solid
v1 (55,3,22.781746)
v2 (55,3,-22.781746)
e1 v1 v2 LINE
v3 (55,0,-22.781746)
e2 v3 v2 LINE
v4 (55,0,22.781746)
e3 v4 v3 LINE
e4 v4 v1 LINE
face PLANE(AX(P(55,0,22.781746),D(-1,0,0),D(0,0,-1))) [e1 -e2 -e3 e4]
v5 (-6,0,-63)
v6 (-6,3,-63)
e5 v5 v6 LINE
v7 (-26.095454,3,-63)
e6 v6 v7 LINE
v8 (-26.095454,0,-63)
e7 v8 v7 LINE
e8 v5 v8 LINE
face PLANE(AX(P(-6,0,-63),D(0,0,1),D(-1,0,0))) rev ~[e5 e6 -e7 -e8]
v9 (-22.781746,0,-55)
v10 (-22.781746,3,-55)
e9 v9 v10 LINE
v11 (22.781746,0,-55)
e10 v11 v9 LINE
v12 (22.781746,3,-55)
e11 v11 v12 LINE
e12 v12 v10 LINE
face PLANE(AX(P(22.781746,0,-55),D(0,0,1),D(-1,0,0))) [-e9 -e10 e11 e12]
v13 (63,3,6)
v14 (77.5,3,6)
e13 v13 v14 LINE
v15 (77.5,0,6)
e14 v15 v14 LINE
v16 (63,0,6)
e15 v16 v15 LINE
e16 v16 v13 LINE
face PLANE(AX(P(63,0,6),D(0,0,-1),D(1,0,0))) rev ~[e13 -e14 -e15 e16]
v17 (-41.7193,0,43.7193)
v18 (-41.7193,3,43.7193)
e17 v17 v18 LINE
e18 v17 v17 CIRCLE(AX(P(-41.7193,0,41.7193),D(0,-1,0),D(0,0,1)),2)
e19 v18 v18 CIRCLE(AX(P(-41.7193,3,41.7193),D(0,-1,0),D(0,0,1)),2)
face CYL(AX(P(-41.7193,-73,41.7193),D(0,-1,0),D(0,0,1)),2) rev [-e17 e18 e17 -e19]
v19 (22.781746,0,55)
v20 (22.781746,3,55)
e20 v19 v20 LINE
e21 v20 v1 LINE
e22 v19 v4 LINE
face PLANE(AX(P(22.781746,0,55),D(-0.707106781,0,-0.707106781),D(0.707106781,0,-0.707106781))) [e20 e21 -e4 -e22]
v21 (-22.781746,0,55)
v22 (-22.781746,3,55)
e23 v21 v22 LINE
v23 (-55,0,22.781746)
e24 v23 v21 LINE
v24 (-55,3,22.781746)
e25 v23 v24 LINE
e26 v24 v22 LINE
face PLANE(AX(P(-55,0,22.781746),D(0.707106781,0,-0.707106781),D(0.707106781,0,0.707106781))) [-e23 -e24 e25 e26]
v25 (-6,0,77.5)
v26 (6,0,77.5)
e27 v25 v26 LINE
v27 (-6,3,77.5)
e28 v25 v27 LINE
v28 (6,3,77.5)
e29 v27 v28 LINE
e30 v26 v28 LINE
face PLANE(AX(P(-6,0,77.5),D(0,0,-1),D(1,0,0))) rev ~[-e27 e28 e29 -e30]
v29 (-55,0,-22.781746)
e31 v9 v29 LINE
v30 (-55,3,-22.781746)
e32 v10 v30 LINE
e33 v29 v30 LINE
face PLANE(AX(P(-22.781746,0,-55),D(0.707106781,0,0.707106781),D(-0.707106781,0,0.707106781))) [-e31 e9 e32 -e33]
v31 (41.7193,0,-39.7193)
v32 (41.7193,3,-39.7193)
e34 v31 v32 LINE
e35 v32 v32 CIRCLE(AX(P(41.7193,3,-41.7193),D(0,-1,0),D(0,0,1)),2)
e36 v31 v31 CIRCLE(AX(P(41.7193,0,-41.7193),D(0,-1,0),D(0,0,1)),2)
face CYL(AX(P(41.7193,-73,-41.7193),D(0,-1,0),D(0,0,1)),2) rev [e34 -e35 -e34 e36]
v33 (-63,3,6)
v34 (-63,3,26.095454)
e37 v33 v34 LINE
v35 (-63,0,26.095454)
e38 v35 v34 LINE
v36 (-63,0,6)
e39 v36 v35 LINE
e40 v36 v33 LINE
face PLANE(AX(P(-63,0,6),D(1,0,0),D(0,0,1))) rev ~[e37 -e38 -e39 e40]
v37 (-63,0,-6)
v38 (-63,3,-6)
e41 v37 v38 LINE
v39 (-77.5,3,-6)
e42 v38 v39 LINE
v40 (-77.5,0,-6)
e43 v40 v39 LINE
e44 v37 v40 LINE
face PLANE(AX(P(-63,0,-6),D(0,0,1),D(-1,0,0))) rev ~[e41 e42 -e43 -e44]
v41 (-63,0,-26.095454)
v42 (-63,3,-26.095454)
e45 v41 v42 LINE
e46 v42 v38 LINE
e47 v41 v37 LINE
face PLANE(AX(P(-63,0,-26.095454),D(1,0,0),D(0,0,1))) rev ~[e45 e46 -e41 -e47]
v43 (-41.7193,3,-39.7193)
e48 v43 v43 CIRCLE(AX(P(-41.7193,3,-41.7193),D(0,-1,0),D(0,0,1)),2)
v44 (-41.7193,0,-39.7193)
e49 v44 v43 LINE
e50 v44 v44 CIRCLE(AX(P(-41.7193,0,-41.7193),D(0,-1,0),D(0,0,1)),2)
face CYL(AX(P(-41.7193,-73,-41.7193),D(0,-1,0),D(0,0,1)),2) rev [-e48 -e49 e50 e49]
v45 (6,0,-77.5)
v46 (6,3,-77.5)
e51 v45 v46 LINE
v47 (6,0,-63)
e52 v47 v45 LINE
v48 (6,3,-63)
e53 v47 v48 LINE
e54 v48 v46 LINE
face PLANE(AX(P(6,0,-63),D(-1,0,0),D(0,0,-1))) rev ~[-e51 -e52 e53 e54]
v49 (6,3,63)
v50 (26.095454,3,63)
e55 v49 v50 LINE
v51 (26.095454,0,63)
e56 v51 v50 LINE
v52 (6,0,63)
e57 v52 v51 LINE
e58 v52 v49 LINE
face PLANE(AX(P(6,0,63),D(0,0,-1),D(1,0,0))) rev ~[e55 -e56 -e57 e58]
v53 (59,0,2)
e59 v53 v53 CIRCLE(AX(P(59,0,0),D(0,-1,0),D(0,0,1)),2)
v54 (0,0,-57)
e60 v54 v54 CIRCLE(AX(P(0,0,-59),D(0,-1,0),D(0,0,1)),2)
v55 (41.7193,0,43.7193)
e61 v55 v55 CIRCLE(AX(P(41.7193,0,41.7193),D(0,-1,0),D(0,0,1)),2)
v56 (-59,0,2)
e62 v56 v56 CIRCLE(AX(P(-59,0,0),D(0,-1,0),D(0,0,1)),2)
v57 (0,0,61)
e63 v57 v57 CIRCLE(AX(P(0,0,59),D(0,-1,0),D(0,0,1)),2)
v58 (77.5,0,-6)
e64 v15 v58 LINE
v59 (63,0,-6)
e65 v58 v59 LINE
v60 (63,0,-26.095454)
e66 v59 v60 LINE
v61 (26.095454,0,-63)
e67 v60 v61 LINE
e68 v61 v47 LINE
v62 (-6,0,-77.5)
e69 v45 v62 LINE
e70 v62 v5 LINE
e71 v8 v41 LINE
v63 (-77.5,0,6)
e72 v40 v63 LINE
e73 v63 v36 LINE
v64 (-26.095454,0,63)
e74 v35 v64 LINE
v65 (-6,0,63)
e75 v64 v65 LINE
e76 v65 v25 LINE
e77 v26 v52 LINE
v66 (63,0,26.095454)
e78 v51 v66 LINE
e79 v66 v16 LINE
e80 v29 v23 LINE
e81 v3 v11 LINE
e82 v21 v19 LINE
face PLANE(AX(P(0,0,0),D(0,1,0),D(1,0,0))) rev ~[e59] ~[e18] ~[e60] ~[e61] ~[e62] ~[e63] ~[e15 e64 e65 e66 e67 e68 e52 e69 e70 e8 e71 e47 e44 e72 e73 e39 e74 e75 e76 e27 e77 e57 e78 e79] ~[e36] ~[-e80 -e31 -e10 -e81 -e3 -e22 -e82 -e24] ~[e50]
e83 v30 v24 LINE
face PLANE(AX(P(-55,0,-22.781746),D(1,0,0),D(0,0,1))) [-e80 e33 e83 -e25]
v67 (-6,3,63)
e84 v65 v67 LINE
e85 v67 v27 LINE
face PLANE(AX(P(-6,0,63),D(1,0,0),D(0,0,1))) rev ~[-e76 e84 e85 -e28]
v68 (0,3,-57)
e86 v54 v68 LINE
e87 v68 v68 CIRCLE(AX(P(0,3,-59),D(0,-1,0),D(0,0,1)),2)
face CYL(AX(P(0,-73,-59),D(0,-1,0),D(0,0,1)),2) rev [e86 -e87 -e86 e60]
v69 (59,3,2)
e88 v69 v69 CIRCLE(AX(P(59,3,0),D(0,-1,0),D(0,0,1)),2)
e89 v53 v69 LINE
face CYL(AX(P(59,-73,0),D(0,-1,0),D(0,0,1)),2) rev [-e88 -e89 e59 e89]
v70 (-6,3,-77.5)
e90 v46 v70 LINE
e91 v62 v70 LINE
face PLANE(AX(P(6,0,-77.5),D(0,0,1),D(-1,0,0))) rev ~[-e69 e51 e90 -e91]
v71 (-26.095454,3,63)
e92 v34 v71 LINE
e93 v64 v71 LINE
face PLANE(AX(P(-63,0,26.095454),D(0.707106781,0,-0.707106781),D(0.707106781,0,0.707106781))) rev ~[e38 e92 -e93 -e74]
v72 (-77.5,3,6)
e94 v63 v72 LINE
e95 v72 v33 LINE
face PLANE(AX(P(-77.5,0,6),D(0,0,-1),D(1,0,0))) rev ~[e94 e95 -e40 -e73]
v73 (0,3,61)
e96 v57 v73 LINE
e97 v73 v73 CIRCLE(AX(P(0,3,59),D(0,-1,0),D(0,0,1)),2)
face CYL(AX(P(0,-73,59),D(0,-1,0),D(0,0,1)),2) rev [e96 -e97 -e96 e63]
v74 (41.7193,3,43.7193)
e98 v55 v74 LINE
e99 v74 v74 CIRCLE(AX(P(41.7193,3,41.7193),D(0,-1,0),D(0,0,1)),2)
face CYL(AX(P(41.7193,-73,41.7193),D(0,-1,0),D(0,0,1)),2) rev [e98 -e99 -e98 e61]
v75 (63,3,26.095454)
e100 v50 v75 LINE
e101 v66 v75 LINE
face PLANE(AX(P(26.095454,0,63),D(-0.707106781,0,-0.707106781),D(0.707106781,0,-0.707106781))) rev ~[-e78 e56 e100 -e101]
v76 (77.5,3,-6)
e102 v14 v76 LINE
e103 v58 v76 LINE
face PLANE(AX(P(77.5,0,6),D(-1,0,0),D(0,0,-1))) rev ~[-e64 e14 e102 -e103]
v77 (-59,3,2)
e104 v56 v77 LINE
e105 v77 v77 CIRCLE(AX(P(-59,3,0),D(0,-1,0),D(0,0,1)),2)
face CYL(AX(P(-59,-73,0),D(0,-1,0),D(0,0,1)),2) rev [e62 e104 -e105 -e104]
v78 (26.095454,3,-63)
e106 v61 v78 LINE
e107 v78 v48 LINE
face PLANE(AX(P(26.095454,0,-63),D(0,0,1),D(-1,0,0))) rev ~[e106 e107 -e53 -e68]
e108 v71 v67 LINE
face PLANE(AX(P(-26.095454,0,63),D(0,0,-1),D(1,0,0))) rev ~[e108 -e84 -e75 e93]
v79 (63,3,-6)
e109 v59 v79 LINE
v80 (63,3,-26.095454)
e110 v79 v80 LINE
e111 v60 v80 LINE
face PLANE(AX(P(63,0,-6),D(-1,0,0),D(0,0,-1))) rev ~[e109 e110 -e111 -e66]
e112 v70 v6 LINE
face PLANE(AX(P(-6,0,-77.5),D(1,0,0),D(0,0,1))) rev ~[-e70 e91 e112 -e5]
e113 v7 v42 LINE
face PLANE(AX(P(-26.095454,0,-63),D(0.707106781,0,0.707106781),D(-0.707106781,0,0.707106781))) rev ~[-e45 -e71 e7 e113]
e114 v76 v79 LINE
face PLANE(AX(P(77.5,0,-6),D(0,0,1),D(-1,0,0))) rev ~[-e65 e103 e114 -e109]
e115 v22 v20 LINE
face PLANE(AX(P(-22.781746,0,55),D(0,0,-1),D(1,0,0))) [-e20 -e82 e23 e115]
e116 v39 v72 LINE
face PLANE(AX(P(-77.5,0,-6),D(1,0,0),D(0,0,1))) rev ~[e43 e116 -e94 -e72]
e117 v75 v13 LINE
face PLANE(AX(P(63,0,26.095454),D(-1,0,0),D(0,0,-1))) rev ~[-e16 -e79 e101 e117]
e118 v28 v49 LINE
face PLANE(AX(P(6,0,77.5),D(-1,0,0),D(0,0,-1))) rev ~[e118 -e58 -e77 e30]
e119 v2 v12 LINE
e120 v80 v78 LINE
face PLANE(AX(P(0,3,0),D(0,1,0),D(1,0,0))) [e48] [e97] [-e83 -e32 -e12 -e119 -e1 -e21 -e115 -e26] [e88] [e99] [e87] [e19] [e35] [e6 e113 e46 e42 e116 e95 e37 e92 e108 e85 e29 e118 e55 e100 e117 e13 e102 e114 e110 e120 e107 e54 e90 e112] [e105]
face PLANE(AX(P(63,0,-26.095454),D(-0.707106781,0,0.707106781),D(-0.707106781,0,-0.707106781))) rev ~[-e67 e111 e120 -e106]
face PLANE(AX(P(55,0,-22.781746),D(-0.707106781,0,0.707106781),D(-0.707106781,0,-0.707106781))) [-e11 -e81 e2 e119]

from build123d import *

# Parameters (mm, degrees)
BOSS_EXTRUDE1_DEPTH     = 3
CUT_EXTRUDE1_DEPTH      = 84
CUT_EXTRUDE1_DEPTH_BACK = 76
SKETCH3_R               = 2


with BuildPart() as part:
    # Sketch2 → Boss-Extrude1 (new body)
    with BuildSketch(Plane(origin=(0, 0, 0), x_dir=(1, 0, 0), z_dir=(0, 1, 0))):
        Polygon((6, -77.5), (6, -63), (26.09545443, -63), (63, -26.09545443), (63, -6), (77.5, -6), (77.5, 6), (63, 6), (63, 26.09545443), (26.09545443, 63), (6, 63), (6, 77.5), (-6, 77.5), (-6, 63), (-26.09545443, 63), (-63, 26.09545443), (-63, 6), (-77.5, 6), (-77.5, -6), (-63, -6), (-63, -26.09545443), (-26.09545443, -63), (-6, -63), (-6, -77.5), align=None)
        Polygon((22.781745931, -55), (55, -22.781745931), (55, 22.781745931), (22.781745931, 55), (-22.781745931, 55), (-55, 22.781745931), (-55, -22.781745931), (-22.781745931, -55), align=None, mode=Mode.SUBTRACT)
    extrude(amount=BOSS_EXTRUDE1_DEPTH)

    # Sketch3 → Cut-Extrude1 (cut, two sides: drawn at the far end of the back side and taken through both)
    with BuildSketch(Plane(origin=(0, 3, 0), x_dir=(1, 0, 0), z_dir=(0, 1, 0)).offset(-CUT_EXTRUDE1_DEPTH_BACK)):
        with Locations(Location((0, 59, 0), (0, 0, 270))):
            Circle(SKETCH3_R)
        with Locations(Location((41.71930009, 41.71930009, 0), (0, 0, 270))):
            Circle(SKETCH3_R)
        with Locations(Location((59, 0, 0), (0, 0, 270))):
            Circle(SKETCH3_R)
        with Locations(Location((41.71930009, -41.71930009, 0), (0, 0, 270))):
            Circle(SKETCH3_R)
        with Locations(Location((0, -59, 0), (0, 0, 270))):
            Circle(SKETCH3_R)
        with Locations(Location((-41.71930009, -41.71930009, 0), (0, 0, 270))):
            Circle(SKETCH3_R)
        with Locations(Location((-59, 0, 0), (0, 0, 270))):
            Circle(SKETCH3_R)
        with Locations(Location((-41.71930009, 41.71930009, 0), (0, 0, 270))):
            Circle(SKETCH3_R)
    extrude(amount=CUT_EXTRUDE1_DEPTH + CUT_EXTRUDE1_DEPTH_BACK, mode=Mode.SUBTRACT)


solid = part.part
